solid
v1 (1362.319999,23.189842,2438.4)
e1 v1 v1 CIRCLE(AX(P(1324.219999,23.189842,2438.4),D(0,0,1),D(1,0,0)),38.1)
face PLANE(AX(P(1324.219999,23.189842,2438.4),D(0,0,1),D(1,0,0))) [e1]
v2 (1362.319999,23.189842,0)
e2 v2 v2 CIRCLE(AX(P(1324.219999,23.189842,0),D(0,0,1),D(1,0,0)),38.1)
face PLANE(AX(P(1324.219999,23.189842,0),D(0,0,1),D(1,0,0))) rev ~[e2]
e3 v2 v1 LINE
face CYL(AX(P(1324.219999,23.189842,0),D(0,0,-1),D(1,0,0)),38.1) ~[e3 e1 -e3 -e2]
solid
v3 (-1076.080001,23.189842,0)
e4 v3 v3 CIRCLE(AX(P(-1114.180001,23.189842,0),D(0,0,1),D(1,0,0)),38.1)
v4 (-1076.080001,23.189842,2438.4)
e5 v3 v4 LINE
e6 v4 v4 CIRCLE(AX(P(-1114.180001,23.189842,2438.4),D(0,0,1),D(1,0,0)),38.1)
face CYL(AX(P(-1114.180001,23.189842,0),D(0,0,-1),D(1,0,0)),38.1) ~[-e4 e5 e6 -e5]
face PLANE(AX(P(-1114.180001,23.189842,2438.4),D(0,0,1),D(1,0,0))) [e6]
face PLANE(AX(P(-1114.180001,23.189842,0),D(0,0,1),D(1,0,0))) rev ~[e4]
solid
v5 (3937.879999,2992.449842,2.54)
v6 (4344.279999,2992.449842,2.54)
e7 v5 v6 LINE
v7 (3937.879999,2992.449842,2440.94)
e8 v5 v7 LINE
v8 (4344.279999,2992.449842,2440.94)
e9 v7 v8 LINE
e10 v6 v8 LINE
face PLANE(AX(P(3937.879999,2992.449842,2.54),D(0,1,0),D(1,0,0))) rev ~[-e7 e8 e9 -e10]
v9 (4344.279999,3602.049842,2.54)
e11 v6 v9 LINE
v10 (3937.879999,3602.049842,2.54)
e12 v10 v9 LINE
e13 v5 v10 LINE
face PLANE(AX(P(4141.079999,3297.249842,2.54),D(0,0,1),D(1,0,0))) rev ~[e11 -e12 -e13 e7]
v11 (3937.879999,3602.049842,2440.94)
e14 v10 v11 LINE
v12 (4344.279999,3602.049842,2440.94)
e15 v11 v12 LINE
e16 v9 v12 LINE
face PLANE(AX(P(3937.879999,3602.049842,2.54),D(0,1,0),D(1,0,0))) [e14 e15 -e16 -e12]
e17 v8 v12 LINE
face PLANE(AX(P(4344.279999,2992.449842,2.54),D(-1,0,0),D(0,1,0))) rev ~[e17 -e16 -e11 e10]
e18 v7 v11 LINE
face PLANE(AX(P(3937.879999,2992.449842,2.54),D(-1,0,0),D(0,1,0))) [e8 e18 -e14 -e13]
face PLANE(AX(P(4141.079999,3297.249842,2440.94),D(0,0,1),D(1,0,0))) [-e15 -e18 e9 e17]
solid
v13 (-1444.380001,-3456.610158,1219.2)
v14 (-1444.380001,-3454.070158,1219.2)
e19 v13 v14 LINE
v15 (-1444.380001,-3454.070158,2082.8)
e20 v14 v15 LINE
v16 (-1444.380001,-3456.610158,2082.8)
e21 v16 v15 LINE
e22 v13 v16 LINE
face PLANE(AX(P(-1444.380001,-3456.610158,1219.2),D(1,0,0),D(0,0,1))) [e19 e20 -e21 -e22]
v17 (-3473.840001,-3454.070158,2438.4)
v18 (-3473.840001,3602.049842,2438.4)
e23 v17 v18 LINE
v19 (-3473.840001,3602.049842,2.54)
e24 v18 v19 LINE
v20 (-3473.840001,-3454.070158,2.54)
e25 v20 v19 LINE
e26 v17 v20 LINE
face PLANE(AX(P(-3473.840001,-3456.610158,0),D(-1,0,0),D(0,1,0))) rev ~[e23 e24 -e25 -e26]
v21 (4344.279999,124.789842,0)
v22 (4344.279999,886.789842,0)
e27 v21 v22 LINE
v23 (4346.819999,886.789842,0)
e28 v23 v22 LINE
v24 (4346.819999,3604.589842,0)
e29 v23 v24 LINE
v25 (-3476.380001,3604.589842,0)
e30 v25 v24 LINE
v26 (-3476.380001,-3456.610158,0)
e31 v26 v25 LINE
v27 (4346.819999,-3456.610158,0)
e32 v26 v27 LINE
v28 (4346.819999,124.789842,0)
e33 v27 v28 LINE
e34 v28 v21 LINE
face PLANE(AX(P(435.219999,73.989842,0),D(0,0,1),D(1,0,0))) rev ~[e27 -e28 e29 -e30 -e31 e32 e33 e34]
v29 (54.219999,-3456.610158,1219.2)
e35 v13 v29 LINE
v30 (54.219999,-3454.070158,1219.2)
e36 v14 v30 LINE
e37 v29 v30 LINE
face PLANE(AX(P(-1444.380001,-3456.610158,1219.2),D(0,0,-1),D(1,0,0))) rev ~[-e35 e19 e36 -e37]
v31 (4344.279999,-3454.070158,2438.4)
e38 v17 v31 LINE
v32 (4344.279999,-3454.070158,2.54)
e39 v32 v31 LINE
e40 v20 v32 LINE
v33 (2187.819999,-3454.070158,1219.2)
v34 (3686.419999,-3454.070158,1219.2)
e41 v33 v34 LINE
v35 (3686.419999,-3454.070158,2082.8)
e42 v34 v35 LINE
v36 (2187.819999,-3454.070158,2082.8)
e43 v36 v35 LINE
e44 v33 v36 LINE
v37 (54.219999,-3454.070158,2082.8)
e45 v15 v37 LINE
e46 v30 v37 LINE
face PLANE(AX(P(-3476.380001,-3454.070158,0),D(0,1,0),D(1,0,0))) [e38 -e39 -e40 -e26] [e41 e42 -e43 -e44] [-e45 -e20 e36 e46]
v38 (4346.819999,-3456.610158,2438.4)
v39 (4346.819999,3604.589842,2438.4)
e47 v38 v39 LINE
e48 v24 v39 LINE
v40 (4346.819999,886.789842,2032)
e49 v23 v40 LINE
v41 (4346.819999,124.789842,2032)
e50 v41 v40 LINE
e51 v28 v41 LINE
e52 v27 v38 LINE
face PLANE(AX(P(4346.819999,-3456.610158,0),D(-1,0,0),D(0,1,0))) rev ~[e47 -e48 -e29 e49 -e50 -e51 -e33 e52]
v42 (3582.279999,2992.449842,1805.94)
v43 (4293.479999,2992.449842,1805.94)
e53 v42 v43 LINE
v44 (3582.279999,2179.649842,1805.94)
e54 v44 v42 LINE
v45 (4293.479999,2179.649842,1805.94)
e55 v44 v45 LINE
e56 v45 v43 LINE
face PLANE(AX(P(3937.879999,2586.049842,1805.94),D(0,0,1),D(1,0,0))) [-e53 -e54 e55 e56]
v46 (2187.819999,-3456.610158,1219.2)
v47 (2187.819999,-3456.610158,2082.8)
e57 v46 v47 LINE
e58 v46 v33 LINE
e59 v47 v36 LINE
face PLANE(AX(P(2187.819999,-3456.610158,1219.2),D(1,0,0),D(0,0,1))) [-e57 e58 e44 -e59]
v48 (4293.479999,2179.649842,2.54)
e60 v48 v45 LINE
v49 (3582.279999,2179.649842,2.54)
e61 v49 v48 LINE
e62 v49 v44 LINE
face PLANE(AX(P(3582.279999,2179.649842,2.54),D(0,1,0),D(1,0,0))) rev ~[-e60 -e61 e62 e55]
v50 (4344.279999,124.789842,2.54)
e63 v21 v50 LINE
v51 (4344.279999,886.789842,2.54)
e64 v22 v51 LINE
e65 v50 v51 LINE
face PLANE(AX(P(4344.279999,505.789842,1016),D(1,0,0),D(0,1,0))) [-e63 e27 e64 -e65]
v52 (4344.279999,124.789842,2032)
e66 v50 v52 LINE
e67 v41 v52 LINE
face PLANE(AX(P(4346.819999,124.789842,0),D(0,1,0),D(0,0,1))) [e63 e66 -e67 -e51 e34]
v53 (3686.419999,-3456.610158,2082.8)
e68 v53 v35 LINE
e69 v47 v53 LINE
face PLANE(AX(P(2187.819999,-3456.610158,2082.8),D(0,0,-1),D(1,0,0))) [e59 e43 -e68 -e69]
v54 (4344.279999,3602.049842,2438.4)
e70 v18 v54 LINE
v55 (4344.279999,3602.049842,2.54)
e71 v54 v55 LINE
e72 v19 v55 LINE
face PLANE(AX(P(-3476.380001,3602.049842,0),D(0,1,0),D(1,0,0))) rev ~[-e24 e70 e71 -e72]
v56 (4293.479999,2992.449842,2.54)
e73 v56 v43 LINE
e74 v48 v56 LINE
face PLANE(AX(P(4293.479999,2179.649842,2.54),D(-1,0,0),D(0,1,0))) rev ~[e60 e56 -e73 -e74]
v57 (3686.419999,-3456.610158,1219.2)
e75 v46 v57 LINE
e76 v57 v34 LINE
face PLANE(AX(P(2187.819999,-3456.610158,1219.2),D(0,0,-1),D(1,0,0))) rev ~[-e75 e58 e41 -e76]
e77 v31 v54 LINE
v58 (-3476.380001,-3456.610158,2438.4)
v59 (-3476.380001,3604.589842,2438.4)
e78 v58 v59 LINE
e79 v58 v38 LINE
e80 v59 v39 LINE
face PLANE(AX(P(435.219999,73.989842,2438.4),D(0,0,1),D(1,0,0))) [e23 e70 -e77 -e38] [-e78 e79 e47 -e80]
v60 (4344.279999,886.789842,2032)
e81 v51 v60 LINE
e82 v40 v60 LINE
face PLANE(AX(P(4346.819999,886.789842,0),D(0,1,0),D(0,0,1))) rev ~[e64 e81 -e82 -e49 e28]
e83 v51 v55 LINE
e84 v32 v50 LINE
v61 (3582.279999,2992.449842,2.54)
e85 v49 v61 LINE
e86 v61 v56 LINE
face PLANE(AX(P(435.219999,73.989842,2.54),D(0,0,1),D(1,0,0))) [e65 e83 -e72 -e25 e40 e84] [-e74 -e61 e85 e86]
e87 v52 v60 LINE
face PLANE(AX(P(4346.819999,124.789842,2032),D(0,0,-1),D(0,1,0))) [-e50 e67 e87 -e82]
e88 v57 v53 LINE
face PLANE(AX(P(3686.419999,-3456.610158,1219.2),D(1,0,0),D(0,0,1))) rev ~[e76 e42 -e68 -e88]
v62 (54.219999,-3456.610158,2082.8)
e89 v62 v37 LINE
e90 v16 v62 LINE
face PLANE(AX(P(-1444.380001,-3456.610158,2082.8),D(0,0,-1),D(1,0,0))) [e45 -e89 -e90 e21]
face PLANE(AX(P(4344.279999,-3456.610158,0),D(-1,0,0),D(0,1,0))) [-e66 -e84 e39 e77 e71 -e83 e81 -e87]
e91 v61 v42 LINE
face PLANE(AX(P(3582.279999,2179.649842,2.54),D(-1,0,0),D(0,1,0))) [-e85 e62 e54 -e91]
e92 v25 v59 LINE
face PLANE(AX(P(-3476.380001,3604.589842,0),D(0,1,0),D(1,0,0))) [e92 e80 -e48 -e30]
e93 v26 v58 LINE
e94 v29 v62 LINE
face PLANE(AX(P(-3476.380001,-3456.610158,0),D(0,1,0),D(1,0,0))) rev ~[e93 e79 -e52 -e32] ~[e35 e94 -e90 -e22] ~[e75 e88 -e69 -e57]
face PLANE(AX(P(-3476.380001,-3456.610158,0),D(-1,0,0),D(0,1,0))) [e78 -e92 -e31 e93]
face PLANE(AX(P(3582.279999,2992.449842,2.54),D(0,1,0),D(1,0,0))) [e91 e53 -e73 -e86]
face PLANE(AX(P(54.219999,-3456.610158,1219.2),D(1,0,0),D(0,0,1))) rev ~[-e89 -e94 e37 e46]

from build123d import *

# Parameters (mm, degrees)
F0_W      = 7823.2
F0_H      = 7061.2
F1_DEPTH  = 2438.4
F2_T      = -2.54
F3_W      = 1498.6
F3_H      = 863.6
F4_DEPTH  = 2.54
F5_W      = 762
F5_H      = 2032
F6_DEPTH  = 2.54
F7_R      = 38.1
F8_DEPTH  = 2438.4
F9_W      = 406.4
F9_H      = 609.6
F10_DEPTH = 2438.4
F11_W     = 711.2
F11_H     = 812.8
F12_DEPTH = 1803.4


with BuildPart() as f1:
    # F0 (on Top) → F1 (new body)
    with BuildSketch(Plane.XY):
        with Locations((435.2199990332, 73.9898422417)):
            Rectangle(F0_W, F0_H)
    extrude(amount=F1_DEPTH)

    # F2
    f2_openings = [f1.faces().sort_by_distance(p)[0] for p in [
        (435.219999, 73.989842, 2438.4),
    ]]
    offset(amount=F2_T, openings=f2_openings)

    # F3 (on face) → F4 (cut)
    with BuildSketch(Plane.XZ.offset(3456.6101577583)):
        with Locations((-695.0800009668, 1651)):
            Rectangle(F3_W, F3_H)
        with Locations((2937.1199990332, 1651)):
            Rectangle(F3_W, F3_H)
    extrude(amount=-F4_DEPTH, mode=Mode.SUBTRACT)

    # F5 (on face) → F6 (cut)
    with BuildSketch(Plane.YZ.offset(4346.8199990332)):
        with Locations((505.7898422417, 1016)):
            Rectangle(F5_W, F5_H)
    extrude(amount=-F6_DEPTH, mode=Mode.SUBTRACT)

    # F11 (on face) → F12 (join)
    with BuildSketch(Plane.XY.offset(2.54)):
        with Locations((3937.8799990332, 2586.0498422417)):
            Rectangle(F11_W, F11_H)
    extrude(amount=F12_DEPTH)


with BuildPart() as f8:
    # F7 (on face) → F8 (new body)
    with BuildSketch(Plane.XY):
        with Locations((-1114.1800009668, 23.1898422417)):
            Circle(F7_R)
    extrude(amount=F8_DEPTH)


with BuildPart() as f8b:
    # F7 (on face) → F8, piece 2 (new body)
    with BuildSketch(Plane.XY):
        with Locations((1324.2199990332, 23.1898422417)):
            Circle(F7_R)
    extrude(amount=F8_DEPTH)


with BuildPart() as f10:
    # F9 (on face) → F10 (new body)
    with BuildSketch(Plane.XY.offset(2.54)):
        with Locations((4141.0799990332, 3297.2498422417)):
            Rectangle(F9_W, F9_H)
    extrude(amount=F10_DEPTH)


solid = Compound([f1.part, f8.part, f8b.part, f10.part])
